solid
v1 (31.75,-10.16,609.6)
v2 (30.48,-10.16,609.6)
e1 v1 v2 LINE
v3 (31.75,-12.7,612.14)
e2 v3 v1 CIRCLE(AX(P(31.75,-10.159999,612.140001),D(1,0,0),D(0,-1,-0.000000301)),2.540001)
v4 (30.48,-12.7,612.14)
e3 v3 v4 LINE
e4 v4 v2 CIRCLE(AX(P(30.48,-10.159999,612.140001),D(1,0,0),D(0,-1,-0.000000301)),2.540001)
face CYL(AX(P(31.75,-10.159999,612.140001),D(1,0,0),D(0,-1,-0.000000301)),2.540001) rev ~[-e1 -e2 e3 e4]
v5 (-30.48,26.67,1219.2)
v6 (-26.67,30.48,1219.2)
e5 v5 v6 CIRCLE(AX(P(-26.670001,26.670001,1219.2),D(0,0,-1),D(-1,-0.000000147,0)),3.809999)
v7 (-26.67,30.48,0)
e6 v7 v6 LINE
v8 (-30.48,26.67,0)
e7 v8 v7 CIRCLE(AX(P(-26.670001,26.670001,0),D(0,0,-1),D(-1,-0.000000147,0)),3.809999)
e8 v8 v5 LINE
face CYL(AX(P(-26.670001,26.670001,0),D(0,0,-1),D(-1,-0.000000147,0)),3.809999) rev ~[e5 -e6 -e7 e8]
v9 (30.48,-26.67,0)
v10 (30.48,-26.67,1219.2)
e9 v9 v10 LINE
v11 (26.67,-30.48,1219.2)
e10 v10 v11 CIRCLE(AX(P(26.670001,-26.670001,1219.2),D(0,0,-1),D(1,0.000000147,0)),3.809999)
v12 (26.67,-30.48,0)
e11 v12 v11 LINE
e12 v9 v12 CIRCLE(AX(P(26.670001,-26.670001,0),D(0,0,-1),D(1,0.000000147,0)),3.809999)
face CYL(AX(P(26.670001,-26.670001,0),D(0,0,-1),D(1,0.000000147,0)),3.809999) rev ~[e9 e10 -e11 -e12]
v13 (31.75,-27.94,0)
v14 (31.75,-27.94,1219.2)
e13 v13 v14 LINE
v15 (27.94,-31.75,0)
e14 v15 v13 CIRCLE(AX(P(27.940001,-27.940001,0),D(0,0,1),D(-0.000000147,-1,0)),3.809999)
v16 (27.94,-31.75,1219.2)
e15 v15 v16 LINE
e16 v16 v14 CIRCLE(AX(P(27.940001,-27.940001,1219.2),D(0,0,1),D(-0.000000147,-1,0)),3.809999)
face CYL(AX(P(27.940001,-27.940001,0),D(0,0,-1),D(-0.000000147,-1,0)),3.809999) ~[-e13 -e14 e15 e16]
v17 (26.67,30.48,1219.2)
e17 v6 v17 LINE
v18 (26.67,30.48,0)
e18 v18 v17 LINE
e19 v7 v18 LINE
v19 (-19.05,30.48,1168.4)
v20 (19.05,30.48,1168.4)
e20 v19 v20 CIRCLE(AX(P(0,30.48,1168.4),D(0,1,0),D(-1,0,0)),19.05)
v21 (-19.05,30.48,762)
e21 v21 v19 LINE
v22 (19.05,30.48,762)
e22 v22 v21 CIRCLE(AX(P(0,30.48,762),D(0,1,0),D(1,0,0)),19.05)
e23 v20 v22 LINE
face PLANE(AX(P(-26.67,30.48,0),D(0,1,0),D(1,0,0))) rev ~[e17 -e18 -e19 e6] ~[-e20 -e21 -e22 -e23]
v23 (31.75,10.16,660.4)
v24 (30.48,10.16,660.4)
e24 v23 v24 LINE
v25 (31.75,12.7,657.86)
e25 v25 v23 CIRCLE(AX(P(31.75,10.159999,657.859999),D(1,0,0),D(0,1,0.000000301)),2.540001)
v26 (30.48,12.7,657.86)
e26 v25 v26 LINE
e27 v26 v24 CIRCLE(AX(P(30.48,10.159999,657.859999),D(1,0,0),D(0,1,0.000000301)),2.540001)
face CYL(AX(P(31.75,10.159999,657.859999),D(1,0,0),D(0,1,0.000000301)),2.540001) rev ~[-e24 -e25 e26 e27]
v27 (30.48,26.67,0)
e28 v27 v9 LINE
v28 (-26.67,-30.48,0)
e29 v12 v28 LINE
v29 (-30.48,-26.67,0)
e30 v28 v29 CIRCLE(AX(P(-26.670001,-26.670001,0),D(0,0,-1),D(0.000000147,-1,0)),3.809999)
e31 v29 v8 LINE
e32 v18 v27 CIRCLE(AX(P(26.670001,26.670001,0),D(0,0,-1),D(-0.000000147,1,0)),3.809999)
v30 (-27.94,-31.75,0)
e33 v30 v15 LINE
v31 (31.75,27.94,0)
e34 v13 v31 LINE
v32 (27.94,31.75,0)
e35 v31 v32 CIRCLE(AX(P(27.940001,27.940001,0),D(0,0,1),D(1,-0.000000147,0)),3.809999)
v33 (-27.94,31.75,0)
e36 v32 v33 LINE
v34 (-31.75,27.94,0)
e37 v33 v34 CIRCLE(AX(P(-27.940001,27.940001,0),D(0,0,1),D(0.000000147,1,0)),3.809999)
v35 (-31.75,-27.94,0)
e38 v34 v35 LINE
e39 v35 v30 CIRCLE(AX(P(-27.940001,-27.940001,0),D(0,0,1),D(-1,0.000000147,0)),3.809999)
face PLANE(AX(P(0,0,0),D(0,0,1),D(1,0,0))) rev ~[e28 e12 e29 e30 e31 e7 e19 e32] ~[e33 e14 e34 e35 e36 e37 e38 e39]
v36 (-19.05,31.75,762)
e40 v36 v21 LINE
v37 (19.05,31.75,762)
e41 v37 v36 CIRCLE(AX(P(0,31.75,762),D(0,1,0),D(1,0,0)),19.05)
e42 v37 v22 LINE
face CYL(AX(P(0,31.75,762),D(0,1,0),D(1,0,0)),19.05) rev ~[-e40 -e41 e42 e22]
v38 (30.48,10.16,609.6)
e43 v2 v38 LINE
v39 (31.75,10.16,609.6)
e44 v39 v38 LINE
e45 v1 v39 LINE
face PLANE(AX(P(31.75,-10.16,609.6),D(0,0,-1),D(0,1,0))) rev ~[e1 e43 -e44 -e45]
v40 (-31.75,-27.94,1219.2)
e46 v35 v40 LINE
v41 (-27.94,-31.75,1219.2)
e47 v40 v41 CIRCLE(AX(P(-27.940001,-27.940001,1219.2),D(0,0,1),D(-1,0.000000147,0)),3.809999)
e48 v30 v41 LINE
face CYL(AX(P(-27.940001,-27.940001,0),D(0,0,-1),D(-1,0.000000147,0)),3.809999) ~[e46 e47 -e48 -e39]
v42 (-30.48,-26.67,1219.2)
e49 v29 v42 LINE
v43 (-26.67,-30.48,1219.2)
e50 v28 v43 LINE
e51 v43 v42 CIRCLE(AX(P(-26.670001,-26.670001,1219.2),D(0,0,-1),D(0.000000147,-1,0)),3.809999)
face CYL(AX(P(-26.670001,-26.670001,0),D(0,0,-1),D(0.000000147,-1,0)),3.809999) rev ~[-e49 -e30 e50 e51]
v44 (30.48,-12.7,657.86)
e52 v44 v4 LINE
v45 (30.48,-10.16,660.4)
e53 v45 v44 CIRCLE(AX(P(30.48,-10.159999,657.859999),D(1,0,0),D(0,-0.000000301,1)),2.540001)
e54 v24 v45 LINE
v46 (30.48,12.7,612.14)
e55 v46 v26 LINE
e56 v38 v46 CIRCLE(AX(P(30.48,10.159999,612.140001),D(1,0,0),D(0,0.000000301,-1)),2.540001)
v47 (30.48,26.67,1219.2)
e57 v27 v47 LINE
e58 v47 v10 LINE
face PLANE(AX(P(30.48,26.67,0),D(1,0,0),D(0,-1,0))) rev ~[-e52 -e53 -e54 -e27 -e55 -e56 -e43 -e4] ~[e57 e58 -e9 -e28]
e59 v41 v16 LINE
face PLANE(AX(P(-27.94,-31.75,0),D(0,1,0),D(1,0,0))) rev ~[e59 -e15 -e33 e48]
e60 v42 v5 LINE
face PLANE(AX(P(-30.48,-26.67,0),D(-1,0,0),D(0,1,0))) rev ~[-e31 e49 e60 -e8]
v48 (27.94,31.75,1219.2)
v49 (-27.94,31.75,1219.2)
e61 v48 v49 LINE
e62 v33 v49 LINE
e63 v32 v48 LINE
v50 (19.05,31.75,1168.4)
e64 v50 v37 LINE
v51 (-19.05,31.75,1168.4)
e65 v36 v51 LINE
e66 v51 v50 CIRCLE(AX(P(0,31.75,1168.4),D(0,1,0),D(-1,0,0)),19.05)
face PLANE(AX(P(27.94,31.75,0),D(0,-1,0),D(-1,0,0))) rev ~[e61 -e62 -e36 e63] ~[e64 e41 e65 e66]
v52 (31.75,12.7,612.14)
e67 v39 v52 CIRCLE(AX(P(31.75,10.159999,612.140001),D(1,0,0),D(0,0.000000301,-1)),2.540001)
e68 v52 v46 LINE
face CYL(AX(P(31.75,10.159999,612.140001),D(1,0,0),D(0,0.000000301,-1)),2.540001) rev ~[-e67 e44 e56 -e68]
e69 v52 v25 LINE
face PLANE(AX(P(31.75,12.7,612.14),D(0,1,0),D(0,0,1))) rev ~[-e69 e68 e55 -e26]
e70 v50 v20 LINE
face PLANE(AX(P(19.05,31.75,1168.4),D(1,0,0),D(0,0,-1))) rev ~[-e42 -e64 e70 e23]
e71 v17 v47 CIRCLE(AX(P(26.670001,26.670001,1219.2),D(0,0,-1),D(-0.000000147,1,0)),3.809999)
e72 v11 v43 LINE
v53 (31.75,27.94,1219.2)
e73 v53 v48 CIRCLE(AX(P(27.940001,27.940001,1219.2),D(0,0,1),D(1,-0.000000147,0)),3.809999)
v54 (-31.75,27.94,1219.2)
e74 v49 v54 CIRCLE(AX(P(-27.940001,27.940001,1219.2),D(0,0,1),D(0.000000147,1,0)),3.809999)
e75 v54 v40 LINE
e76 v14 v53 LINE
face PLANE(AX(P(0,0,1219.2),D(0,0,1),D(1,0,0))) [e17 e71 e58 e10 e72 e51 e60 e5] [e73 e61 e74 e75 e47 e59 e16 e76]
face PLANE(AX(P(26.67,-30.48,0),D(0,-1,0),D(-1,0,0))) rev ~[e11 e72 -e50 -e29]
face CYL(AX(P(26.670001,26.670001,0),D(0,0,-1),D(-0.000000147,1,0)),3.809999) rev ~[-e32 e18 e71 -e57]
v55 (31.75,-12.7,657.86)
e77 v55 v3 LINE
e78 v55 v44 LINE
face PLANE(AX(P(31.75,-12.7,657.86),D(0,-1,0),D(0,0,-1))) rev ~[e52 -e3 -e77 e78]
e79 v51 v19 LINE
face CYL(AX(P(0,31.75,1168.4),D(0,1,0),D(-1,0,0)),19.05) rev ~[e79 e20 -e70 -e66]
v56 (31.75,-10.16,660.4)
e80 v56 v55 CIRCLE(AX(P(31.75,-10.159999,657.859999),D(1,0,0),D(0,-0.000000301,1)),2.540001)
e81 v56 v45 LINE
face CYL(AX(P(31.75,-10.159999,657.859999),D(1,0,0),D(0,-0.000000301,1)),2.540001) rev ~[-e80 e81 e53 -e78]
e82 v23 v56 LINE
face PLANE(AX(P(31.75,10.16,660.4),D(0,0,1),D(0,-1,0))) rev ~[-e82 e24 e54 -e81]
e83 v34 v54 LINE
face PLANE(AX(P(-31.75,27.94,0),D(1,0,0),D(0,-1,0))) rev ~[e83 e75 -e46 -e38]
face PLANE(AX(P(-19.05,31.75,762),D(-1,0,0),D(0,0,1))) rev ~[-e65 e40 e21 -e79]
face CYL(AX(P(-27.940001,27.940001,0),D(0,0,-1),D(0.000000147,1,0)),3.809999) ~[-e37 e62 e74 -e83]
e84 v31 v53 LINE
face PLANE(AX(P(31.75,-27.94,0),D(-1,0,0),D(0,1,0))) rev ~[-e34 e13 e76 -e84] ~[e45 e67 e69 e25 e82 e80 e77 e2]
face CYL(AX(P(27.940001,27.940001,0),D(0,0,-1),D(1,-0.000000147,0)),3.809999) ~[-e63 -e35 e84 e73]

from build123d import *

# Parameters (mm, degrees)
F1_DEPTH = 1219.2
F3_DEPTH = 1.27
F5_DEPTH = 1.27


with BuildPart() as f1:
    # F0 (on Top) → F1 (new body)
    with BuildSketch(Plane.XY):
        with BuildLine():
            ThreePointArc((31.75, 27.94), (30.634077, 30.634077), (27.94, 31.75))
            Line((27.94, 31.75), (-27.94, 31.75))
            ThreePointArc((-27.94, 31.75), (-30.634077, 30.634077), (-31.75, 27.94))
            Line((-31.75, 27.94), (-31.75, -27.94))
            ThreePointArc((-31.75, -27.94), (-30.634077, -30.634077), (-27.94, -31.75))
            Line((-27.94, -31.75), (27.94, -31.75))
            ThreePointArc((27.94, -31.75), (30.634077, -30.634077), (31.75, -27.94))
            Line((31.75, -27.94), (31.75, 27.94))
        make_face()
        with BuildLine():
            Line((-26.67, 30.48), (26.67, 30.48))
            ThreePointArc((26.67, 30.48), (29.364077, 29.364077), (30.48, 26.67))
            Line((30.48, 26.67), (30.48, -26.67))
            ThreePointArc((30.48, -26.67), (29.364077, -29.364077), (26.67, -30.48))
            Line((26.67, -30.48), (-26.67, -30.48))
            ThreePointArc((-26.67, -30.48), (-29.364077, -29.364077), (-30.48, -26.67))
            Line((-30.48, -26.67), (-30.48, 26.67))
            ThreePointArc((-30.48, 26.67), (-29.364077, 29.364077), (-26.67, 30.48))
        make_face(mode=Mode.SUBTRACT)
    extrude(amount=F1_DEPTH)

    # F2 (on face) → F3 (cut, through all)
    with BuildSketch(Plane(origin=(0, 31.75, 0), x_dir=(-1, 0, 0), z_dir=(0, 1, 0))):
        with BuildLine():
            ThreePointArc((19.05, 1168.4), (0, 1187.45), (-19.05, 1168.4))
            Line((-19.05, 1168.4), (-19.05, 762))
            ThreePointArc((-19.05, 762), (0, 742.95), (19.05, 762))
            Line((19.05, 762), (19.05, 1168.4))
        make_face()
    extrude(amount=-F3_DEPTH, mode=Mode.SUBTRACT)

    # F4 (on face) → F5 (cut, through all)
    with BuildSketch(Plane.YZ.offset(31.75)):
        with BuildLine():
            ThreePointArc((12.7, 657.86), (11.956051, 659.656051), (10.16, 660.4))
            Line((10.16, 660.4), (-10.16, 660.4))
            ThreePointArc((-10.16, 660.4), (-11.956051, 659.656051), (-12.7, 657.86))
            Line((-12.7, 657.86), (-12.7, 612.14))
            ThreePointArc((-12.7, 612.14), (-11.956051, 610.343949), (-10.16, 609.6))
            Line((-10.16, 609.6), (10.16, 609.6))
            ThreePointArc((10.16, 609.6), (11.956051, 610.343949), (12.7, 612.14))
            Line((12.7, 612.14), (12.7, 657.86))
        make_face()
    extrude(amount=-F5_DEPTH, mode=Mode.SUBTRACT)


solid = f1.part
